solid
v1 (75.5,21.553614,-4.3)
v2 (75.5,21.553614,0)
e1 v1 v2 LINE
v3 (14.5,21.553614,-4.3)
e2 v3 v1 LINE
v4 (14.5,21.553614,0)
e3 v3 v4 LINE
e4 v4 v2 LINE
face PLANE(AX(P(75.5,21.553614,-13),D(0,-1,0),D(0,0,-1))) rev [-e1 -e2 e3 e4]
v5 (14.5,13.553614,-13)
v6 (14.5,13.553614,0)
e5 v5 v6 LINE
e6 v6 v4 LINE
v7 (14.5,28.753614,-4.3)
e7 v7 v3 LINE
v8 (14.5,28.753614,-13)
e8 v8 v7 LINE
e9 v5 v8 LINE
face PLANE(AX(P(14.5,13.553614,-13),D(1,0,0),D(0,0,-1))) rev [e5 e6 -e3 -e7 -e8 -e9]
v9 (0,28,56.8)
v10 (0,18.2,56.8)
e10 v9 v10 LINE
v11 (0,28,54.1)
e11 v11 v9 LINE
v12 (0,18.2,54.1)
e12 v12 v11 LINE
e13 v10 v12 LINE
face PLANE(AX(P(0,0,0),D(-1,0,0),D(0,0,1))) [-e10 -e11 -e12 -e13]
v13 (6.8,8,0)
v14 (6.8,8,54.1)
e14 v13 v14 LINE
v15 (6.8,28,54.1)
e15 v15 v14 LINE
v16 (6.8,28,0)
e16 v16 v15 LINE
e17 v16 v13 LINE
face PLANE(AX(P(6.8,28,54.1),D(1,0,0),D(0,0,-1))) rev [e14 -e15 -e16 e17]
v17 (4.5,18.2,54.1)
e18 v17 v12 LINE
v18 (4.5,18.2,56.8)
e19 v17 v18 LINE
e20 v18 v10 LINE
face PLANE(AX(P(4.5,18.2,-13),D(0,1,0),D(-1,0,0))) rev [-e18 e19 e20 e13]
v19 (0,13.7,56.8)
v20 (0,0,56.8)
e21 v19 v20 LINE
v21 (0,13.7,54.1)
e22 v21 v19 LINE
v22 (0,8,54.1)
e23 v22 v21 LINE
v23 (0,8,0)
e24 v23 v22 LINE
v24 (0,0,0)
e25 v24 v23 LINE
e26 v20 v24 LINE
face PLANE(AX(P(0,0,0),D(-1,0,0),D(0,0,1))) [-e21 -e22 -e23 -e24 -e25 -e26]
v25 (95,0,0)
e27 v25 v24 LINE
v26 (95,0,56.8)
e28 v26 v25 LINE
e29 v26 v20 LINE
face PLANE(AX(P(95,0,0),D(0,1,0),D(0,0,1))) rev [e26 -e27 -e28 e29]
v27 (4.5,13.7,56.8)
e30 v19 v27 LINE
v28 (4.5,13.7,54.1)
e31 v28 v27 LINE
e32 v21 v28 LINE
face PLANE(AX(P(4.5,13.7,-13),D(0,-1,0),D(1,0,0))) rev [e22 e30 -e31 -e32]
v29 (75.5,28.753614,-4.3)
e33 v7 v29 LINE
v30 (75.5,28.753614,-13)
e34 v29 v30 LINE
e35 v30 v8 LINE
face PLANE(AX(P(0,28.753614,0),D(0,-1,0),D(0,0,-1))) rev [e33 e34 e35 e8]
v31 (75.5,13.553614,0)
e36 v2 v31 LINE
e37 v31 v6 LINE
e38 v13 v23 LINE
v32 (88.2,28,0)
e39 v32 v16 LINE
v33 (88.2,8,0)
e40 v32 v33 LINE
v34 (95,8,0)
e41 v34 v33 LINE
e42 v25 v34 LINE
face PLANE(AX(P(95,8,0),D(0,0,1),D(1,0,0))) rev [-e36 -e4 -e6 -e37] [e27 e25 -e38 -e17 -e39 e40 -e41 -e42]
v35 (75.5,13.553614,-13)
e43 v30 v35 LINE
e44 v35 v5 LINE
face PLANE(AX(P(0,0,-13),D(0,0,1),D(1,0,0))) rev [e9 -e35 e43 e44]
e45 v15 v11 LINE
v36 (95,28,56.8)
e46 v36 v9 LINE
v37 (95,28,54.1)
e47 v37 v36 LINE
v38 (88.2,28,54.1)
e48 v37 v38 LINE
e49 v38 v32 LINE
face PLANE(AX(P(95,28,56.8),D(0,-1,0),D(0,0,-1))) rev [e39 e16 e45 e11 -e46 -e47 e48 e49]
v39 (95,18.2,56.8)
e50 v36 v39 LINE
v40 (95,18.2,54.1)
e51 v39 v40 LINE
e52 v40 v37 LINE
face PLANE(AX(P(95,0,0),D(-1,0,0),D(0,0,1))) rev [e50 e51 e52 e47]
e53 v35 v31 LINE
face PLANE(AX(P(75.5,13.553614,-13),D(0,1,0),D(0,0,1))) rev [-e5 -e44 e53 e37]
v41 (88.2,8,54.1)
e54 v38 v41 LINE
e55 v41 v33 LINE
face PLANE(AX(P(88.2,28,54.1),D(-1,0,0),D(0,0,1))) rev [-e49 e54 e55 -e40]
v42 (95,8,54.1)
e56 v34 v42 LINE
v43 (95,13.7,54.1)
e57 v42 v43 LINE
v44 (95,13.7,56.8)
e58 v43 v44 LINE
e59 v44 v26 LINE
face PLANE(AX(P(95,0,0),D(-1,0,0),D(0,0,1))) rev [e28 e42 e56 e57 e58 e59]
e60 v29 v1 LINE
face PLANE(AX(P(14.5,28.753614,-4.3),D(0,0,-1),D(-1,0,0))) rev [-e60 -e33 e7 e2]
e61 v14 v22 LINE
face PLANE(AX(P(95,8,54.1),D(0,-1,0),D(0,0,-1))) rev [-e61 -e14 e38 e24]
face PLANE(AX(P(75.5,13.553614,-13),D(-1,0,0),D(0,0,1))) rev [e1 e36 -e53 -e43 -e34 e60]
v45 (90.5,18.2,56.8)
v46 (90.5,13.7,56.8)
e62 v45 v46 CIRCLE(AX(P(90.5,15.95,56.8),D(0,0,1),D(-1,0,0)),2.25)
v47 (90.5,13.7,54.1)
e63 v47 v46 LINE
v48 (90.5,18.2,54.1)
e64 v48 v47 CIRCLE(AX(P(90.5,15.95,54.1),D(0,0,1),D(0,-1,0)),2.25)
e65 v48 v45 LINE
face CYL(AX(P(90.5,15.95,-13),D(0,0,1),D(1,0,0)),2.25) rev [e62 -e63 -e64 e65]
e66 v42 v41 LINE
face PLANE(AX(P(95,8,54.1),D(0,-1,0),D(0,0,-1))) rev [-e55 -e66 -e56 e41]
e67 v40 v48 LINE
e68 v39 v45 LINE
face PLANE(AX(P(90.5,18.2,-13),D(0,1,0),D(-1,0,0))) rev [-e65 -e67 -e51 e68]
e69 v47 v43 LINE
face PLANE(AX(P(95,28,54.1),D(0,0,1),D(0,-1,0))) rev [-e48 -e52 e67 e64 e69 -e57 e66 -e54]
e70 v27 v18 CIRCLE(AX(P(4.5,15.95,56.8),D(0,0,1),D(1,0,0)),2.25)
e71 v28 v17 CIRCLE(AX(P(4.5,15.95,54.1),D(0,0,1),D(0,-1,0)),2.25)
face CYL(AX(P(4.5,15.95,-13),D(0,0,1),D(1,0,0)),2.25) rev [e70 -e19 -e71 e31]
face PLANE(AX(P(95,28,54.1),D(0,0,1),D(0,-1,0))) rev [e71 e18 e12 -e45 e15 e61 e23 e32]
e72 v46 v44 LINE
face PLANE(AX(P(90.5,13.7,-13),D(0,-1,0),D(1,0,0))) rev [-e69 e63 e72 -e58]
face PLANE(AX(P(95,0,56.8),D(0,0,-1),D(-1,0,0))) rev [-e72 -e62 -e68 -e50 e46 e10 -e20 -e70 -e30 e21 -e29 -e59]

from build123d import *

# Parameters (mm, degrees)
EXTRUDE_1_DEPTH     = 95
SKETCH_2_W          = 81.4
SKETCH_2_H          = 54.1
EXTRUDE_2_DEPTH     = 20
SKETCH_3_W          = 61
SKETCH_3_H          = 8
EXTRUDE_3_DEPTH     = 13
SKETCH_4_W          = 61
SKETCH_4_H          = 8.7
EXTRUDE_4_DEPTH     = 7.2
CUT_EXTRUDE_1_DEPTH = 70.8


with BuildPart() as part:
    # 草图1 → 凸台-拉伸1 (new body)
    with BuildSketch(Plane(origin=(0, 0, 0), x_dir=(0, 0, -1), z_dir=(1, 0, 0))):
        Polygon((0, 0), (-56.8, 0), (-56.8, 28), (-54.1, 28), (-54.1, 8), (0, 8), align=None)
    extrude(amount=EXTRUDE_1_DEPTH)

    # 草图2 → 凸台-拉伸2 (add)
    with BuildSketch(Plane(origin=(0, 8, 0), x_dir=(1, 0, 0), z_dir=(0, 1, 0))):
        with Locations((47.5, -27.05)):
            Rectangle(SKETCH_2_W, SKETCH_2_H)
    extrude(amount=EXTRUDE_2_DEPTH)

    # 草图3 → 凸台-拉伸3 (add)
    with BuildSketch(Plane(origin=(0, 0, 0), x_dir=(-1, 0, 0), z_dir=(0, 0, -1))):
        with Locations((-45, 17.553614205)):
            Rectangle(SKETCH_3_W, SKETCH_3_H)
    extrude(amount=EXTRUDE_3_DEPTH)

    # 草图4 → 凸台-拉伸4 (add)
    with BuildSketch(Plane(origin=(0, 21.553614205, 0), x_dir=(1, 0, 0), z_dir=(0, 1, 0))):
        with Locations((45, 8.65)):
            Rectangle(SKETCH_4_W, SKETCH_4_H)
    extrude(amount=EXTRUDE_4_DEPTH)

    # 草图7 → 切除-拉伸1 (cut, through all)
    with BuildSketch(Plane.XY.offset(56.8)):
        with BuildLine():
            Line((4.5, 18.2), (0, 18.2))
            Line((0, 18.2), (0, 13.7))
            Line((0, 13.7), (4.5, 13.7))
            ThreePointArc((4.5, 13.7), (6.75, 15.95), (4.5, 18.2))
        make_face()
        with BuildLine():
            Line((90.5, 13.7), (95, 13.7))
            Line((95, 13.7), (95, 18.2))
            Line((95, 18.2), (90.5, 18.2))
            ThreePointArc((90.5, 18.2), (88.25, 15.95), (90.5, 13.7))
        make_face()
    extrude(amount=-CUT_EXTRUDE_1_DEPTH, mode=Mode.SUBTRACT)


solid = part.part
